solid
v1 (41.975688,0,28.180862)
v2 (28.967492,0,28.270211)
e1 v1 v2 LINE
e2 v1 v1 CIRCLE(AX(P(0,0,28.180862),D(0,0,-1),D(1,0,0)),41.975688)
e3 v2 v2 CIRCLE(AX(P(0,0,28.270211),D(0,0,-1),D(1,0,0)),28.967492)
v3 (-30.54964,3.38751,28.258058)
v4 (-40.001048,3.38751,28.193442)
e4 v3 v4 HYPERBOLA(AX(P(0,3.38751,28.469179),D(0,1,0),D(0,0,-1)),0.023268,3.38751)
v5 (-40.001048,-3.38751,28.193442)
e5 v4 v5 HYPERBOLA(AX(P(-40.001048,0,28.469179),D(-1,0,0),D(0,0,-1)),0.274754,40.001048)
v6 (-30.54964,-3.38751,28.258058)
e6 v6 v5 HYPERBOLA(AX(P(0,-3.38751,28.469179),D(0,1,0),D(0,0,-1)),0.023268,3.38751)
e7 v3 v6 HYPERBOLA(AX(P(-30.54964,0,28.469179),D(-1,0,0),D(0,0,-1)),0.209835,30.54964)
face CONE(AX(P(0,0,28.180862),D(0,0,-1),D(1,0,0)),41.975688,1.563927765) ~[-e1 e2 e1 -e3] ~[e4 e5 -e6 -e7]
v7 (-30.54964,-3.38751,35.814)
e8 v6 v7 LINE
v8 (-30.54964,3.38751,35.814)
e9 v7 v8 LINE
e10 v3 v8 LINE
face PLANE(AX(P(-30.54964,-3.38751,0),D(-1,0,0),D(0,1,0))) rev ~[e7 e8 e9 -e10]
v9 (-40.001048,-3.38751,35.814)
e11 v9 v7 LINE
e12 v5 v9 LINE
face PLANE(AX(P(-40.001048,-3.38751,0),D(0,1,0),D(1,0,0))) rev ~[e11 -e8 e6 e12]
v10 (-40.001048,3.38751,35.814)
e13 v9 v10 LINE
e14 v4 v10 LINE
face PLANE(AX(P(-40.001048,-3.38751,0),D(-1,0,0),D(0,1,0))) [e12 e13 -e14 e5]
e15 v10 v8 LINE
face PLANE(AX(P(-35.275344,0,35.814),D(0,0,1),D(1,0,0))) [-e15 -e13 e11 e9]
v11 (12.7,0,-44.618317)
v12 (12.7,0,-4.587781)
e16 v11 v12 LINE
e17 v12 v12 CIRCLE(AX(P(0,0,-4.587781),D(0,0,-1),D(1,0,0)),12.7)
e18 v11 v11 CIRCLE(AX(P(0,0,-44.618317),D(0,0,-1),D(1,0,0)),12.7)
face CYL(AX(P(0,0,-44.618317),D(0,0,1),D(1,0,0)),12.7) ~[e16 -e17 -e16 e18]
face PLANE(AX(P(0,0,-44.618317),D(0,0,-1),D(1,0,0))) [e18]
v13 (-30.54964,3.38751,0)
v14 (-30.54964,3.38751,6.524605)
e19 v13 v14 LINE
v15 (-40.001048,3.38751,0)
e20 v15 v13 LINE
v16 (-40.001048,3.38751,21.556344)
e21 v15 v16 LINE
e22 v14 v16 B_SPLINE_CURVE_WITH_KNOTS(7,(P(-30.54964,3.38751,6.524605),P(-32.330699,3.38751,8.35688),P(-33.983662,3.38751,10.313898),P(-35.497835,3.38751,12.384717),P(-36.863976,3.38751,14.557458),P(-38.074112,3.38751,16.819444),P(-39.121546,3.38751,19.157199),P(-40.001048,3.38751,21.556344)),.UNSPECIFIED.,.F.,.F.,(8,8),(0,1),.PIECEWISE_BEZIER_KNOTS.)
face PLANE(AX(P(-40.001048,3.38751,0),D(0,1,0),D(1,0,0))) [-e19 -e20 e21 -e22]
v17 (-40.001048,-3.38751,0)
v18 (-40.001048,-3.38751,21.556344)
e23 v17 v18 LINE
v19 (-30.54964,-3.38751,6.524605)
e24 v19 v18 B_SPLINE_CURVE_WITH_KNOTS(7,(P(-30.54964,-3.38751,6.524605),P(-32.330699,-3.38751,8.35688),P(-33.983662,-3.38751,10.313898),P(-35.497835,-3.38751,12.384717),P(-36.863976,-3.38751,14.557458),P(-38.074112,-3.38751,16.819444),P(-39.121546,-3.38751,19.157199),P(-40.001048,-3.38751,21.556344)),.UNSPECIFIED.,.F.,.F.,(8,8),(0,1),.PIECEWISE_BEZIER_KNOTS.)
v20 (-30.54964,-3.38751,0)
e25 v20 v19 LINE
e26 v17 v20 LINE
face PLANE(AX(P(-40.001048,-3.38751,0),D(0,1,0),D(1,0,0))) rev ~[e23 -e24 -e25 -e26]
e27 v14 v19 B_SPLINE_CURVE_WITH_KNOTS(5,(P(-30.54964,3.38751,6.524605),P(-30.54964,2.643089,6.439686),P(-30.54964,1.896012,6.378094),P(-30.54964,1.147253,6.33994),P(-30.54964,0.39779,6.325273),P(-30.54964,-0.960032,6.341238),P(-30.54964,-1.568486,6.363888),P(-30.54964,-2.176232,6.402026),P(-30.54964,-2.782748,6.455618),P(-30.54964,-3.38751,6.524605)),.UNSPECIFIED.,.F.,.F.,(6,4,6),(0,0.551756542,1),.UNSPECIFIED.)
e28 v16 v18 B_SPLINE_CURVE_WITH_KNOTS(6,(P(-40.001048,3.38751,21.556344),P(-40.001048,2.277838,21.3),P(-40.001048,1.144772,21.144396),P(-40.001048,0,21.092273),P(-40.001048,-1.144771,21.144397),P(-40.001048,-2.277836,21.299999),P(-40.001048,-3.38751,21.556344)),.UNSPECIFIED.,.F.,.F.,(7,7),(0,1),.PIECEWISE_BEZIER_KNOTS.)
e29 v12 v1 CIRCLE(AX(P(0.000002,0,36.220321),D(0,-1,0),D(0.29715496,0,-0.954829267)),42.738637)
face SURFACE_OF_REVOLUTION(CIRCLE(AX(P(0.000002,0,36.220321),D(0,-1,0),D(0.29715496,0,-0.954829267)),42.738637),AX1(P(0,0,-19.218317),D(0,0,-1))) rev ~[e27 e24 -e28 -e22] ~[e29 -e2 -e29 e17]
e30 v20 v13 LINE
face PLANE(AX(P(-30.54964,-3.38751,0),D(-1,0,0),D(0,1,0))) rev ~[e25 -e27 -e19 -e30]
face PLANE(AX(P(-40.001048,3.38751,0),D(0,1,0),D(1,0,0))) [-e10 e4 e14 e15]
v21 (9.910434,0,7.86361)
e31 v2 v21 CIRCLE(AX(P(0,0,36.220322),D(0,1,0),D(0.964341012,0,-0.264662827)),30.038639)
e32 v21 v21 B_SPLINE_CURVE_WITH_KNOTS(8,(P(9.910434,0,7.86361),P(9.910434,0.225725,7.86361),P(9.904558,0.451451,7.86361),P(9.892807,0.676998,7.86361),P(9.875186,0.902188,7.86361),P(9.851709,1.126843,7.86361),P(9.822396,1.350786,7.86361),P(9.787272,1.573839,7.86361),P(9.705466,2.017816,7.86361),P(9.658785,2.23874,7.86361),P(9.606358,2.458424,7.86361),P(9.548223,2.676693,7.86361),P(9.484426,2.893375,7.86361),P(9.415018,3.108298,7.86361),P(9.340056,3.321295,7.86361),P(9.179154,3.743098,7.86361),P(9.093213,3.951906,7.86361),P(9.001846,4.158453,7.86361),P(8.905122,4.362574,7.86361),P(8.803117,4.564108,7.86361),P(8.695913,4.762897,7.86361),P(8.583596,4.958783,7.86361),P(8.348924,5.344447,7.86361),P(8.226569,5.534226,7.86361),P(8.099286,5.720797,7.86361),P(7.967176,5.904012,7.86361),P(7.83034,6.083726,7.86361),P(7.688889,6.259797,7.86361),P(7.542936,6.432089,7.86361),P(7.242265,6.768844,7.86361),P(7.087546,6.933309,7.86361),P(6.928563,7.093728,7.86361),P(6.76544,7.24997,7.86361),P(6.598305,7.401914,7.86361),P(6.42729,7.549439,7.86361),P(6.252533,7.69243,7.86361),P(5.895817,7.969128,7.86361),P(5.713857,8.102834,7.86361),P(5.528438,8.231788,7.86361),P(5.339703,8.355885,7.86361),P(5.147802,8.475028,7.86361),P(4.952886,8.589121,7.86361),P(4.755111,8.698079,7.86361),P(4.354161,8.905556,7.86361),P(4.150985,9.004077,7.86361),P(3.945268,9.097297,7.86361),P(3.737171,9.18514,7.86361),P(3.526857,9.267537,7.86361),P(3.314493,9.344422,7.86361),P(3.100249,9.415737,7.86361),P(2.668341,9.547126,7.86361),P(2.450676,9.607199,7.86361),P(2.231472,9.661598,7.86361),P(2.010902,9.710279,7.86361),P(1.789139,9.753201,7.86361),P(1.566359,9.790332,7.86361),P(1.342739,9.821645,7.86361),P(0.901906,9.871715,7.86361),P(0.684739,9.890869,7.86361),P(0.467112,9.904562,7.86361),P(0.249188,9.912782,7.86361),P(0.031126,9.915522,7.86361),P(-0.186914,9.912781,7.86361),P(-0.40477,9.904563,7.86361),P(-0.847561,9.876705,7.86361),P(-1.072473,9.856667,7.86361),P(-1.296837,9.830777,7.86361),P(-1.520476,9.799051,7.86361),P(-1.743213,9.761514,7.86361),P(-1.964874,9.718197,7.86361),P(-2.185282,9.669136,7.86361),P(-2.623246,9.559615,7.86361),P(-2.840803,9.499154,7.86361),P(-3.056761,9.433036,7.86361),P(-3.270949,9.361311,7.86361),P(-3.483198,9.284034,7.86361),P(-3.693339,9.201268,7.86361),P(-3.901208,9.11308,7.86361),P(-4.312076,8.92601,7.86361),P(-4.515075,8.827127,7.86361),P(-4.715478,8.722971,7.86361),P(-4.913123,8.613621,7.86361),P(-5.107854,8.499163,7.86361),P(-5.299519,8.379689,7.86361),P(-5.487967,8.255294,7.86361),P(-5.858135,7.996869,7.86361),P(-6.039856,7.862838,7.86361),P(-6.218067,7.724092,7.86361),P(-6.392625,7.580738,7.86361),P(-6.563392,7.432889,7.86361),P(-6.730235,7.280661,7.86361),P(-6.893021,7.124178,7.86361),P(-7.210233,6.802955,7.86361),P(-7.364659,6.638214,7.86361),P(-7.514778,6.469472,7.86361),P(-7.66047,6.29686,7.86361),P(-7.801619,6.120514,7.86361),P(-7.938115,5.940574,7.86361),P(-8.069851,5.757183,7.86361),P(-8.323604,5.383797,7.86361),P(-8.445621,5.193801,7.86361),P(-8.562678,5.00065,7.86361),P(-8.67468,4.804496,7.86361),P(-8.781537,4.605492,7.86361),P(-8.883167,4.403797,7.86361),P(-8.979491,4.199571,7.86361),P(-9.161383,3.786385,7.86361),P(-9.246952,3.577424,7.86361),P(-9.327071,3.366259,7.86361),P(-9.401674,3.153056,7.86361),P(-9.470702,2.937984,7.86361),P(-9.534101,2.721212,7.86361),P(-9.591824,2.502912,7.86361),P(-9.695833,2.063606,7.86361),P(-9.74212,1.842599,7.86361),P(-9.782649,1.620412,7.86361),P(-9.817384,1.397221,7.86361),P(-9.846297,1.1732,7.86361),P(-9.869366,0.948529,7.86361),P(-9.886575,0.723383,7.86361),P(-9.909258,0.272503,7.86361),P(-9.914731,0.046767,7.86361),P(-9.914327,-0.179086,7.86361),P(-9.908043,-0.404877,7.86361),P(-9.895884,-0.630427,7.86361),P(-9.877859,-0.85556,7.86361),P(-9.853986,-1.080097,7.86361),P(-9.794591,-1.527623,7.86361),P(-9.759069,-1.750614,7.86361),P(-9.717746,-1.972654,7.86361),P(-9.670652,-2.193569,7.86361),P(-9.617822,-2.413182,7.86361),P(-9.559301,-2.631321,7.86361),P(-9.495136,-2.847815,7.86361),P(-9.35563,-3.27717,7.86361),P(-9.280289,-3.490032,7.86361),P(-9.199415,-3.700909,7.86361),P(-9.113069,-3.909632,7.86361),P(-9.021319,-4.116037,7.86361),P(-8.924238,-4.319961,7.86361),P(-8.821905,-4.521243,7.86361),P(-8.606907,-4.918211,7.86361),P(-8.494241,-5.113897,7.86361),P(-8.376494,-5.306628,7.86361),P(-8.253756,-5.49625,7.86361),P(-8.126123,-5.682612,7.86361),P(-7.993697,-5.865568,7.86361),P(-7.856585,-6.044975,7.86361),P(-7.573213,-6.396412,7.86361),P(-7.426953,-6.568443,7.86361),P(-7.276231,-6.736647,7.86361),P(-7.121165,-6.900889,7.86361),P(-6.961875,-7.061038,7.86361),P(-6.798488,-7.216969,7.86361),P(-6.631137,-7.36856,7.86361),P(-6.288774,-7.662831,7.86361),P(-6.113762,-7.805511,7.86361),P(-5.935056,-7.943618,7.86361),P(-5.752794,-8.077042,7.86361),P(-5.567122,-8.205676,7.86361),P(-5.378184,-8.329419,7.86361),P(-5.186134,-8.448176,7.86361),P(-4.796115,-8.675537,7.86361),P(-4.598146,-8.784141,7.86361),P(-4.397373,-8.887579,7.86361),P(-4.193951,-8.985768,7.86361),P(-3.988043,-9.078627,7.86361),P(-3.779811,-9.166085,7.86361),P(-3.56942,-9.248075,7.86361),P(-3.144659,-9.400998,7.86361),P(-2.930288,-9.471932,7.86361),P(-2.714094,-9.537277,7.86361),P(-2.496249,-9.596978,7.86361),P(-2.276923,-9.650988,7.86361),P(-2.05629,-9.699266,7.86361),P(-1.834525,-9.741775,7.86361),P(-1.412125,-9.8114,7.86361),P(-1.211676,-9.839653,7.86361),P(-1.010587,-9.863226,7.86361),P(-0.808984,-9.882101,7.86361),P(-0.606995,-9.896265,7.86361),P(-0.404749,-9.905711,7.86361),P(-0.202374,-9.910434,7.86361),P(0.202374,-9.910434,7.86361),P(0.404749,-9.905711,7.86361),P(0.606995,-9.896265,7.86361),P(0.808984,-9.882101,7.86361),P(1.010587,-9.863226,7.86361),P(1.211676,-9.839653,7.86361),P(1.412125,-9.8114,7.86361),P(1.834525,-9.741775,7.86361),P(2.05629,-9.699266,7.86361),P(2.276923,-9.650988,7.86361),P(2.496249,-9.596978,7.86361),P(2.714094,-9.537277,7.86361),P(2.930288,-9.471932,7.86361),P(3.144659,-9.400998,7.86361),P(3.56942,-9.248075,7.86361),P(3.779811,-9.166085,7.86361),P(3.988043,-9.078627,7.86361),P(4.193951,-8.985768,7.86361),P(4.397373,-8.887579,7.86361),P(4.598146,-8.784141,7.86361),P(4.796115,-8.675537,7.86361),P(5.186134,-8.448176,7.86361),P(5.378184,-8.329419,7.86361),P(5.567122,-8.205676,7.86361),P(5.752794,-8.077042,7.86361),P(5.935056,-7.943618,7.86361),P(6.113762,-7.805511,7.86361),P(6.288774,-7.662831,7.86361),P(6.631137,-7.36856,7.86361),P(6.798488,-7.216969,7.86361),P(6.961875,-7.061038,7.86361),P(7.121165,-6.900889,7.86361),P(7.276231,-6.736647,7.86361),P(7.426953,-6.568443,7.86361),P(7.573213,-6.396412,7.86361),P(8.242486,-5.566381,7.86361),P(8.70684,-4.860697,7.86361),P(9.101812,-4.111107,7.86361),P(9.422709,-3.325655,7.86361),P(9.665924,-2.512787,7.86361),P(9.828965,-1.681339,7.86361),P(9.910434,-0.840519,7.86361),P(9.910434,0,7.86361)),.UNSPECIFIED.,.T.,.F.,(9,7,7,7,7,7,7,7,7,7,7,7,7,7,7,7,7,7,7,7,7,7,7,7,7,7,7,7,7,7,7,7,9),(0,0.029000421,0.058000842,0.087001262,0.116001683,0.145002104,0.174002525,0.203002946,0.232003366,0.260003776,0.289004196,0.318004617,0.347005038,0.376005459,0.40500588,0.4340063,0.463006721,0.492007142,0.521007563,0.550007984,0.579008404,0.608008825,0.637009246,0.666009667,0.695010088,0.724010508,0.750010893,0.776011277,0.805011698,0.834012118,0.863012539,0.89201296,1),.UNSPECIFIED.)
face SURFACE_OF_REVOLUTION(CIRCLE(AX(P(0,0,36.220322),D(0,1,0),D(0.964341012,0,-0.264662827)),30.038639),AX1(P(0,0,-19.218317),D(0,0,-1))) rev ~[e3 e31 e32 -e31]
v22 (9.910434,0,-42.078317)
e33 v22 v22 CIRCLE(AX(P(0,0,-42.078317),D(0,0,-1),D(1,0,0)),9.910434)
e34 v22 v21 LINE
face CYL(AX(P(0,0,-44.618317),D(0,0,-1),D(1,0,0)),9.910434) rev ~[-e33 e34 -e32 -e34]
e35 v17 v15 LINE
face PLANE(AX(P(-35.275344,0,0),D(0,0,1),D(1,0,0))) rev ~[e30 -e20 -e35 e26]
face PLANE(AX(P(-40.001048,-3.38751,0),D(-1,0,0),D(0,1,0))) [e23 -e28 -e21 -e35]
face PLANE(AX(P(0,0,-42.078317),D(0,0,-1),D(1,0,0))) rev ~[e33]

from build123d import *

# Parameters (mm, degrees)
F2_R     = 9.910434
F3_DEPTH = 72.889528
F4_DEPTH = 2.54
F5_W     = 9.451408
F5_H     = 6.77502
F6_DEPTH = 35.814


with BuildPart() as f1:
    # F0 (on Front) → F1 (revolve)
    with BuildSketch(Plane.XZ):
        with BuildLine():
            ThreePointArc((28.967492, 28.270211), (18.214134, 12.333816), (0, 6.181683))
            Line((0, 6.181683), (0, -44.618317))
            Line((0, -44.618317), (12.7, -44.618317))
            Line((12.7, -44.618317), (12.7, -4.587781))
            ThreePointArc((12.7, -4.587781), (31.871676, 7.74599), (41.975688, 28.180862))
            Line((41.975688, 28.180862), (28.967492, 28.270211))
        make_face()
    revolve(axis=Axis((0, 0, -19.218317), (0, 0, -1)))

    # F2 (on face) → F3 (cut, through all)
    with BuildSketch(Plane(origin=(0, 0, -44.618317), x_dir=(1, 0, 0), z_dir=(0, 0, -1))):
        Circle(F2_R)
    extrude(amount=-F3_DEPTH, mode=Mode.SUBTRACT)

    # F2 (on face) → F4 (join)
    with BuildSketch(Plane(origin=(0, 0, -44.618317), x_dir=(1, 0, 0), z_dir=(0, 0, -1))):
        Circle(F2_R)
    extrude(amount=-F4_DEPTH)

    # F5 (on Top) → F6 (join)
    with BuildSketch(Plane.XY):
        with Locations((-35.275344, 0)):
            Rectangle(F5_W, F5_H)
    extrude(amount=F6_DEPTH)


solid = f1.part
